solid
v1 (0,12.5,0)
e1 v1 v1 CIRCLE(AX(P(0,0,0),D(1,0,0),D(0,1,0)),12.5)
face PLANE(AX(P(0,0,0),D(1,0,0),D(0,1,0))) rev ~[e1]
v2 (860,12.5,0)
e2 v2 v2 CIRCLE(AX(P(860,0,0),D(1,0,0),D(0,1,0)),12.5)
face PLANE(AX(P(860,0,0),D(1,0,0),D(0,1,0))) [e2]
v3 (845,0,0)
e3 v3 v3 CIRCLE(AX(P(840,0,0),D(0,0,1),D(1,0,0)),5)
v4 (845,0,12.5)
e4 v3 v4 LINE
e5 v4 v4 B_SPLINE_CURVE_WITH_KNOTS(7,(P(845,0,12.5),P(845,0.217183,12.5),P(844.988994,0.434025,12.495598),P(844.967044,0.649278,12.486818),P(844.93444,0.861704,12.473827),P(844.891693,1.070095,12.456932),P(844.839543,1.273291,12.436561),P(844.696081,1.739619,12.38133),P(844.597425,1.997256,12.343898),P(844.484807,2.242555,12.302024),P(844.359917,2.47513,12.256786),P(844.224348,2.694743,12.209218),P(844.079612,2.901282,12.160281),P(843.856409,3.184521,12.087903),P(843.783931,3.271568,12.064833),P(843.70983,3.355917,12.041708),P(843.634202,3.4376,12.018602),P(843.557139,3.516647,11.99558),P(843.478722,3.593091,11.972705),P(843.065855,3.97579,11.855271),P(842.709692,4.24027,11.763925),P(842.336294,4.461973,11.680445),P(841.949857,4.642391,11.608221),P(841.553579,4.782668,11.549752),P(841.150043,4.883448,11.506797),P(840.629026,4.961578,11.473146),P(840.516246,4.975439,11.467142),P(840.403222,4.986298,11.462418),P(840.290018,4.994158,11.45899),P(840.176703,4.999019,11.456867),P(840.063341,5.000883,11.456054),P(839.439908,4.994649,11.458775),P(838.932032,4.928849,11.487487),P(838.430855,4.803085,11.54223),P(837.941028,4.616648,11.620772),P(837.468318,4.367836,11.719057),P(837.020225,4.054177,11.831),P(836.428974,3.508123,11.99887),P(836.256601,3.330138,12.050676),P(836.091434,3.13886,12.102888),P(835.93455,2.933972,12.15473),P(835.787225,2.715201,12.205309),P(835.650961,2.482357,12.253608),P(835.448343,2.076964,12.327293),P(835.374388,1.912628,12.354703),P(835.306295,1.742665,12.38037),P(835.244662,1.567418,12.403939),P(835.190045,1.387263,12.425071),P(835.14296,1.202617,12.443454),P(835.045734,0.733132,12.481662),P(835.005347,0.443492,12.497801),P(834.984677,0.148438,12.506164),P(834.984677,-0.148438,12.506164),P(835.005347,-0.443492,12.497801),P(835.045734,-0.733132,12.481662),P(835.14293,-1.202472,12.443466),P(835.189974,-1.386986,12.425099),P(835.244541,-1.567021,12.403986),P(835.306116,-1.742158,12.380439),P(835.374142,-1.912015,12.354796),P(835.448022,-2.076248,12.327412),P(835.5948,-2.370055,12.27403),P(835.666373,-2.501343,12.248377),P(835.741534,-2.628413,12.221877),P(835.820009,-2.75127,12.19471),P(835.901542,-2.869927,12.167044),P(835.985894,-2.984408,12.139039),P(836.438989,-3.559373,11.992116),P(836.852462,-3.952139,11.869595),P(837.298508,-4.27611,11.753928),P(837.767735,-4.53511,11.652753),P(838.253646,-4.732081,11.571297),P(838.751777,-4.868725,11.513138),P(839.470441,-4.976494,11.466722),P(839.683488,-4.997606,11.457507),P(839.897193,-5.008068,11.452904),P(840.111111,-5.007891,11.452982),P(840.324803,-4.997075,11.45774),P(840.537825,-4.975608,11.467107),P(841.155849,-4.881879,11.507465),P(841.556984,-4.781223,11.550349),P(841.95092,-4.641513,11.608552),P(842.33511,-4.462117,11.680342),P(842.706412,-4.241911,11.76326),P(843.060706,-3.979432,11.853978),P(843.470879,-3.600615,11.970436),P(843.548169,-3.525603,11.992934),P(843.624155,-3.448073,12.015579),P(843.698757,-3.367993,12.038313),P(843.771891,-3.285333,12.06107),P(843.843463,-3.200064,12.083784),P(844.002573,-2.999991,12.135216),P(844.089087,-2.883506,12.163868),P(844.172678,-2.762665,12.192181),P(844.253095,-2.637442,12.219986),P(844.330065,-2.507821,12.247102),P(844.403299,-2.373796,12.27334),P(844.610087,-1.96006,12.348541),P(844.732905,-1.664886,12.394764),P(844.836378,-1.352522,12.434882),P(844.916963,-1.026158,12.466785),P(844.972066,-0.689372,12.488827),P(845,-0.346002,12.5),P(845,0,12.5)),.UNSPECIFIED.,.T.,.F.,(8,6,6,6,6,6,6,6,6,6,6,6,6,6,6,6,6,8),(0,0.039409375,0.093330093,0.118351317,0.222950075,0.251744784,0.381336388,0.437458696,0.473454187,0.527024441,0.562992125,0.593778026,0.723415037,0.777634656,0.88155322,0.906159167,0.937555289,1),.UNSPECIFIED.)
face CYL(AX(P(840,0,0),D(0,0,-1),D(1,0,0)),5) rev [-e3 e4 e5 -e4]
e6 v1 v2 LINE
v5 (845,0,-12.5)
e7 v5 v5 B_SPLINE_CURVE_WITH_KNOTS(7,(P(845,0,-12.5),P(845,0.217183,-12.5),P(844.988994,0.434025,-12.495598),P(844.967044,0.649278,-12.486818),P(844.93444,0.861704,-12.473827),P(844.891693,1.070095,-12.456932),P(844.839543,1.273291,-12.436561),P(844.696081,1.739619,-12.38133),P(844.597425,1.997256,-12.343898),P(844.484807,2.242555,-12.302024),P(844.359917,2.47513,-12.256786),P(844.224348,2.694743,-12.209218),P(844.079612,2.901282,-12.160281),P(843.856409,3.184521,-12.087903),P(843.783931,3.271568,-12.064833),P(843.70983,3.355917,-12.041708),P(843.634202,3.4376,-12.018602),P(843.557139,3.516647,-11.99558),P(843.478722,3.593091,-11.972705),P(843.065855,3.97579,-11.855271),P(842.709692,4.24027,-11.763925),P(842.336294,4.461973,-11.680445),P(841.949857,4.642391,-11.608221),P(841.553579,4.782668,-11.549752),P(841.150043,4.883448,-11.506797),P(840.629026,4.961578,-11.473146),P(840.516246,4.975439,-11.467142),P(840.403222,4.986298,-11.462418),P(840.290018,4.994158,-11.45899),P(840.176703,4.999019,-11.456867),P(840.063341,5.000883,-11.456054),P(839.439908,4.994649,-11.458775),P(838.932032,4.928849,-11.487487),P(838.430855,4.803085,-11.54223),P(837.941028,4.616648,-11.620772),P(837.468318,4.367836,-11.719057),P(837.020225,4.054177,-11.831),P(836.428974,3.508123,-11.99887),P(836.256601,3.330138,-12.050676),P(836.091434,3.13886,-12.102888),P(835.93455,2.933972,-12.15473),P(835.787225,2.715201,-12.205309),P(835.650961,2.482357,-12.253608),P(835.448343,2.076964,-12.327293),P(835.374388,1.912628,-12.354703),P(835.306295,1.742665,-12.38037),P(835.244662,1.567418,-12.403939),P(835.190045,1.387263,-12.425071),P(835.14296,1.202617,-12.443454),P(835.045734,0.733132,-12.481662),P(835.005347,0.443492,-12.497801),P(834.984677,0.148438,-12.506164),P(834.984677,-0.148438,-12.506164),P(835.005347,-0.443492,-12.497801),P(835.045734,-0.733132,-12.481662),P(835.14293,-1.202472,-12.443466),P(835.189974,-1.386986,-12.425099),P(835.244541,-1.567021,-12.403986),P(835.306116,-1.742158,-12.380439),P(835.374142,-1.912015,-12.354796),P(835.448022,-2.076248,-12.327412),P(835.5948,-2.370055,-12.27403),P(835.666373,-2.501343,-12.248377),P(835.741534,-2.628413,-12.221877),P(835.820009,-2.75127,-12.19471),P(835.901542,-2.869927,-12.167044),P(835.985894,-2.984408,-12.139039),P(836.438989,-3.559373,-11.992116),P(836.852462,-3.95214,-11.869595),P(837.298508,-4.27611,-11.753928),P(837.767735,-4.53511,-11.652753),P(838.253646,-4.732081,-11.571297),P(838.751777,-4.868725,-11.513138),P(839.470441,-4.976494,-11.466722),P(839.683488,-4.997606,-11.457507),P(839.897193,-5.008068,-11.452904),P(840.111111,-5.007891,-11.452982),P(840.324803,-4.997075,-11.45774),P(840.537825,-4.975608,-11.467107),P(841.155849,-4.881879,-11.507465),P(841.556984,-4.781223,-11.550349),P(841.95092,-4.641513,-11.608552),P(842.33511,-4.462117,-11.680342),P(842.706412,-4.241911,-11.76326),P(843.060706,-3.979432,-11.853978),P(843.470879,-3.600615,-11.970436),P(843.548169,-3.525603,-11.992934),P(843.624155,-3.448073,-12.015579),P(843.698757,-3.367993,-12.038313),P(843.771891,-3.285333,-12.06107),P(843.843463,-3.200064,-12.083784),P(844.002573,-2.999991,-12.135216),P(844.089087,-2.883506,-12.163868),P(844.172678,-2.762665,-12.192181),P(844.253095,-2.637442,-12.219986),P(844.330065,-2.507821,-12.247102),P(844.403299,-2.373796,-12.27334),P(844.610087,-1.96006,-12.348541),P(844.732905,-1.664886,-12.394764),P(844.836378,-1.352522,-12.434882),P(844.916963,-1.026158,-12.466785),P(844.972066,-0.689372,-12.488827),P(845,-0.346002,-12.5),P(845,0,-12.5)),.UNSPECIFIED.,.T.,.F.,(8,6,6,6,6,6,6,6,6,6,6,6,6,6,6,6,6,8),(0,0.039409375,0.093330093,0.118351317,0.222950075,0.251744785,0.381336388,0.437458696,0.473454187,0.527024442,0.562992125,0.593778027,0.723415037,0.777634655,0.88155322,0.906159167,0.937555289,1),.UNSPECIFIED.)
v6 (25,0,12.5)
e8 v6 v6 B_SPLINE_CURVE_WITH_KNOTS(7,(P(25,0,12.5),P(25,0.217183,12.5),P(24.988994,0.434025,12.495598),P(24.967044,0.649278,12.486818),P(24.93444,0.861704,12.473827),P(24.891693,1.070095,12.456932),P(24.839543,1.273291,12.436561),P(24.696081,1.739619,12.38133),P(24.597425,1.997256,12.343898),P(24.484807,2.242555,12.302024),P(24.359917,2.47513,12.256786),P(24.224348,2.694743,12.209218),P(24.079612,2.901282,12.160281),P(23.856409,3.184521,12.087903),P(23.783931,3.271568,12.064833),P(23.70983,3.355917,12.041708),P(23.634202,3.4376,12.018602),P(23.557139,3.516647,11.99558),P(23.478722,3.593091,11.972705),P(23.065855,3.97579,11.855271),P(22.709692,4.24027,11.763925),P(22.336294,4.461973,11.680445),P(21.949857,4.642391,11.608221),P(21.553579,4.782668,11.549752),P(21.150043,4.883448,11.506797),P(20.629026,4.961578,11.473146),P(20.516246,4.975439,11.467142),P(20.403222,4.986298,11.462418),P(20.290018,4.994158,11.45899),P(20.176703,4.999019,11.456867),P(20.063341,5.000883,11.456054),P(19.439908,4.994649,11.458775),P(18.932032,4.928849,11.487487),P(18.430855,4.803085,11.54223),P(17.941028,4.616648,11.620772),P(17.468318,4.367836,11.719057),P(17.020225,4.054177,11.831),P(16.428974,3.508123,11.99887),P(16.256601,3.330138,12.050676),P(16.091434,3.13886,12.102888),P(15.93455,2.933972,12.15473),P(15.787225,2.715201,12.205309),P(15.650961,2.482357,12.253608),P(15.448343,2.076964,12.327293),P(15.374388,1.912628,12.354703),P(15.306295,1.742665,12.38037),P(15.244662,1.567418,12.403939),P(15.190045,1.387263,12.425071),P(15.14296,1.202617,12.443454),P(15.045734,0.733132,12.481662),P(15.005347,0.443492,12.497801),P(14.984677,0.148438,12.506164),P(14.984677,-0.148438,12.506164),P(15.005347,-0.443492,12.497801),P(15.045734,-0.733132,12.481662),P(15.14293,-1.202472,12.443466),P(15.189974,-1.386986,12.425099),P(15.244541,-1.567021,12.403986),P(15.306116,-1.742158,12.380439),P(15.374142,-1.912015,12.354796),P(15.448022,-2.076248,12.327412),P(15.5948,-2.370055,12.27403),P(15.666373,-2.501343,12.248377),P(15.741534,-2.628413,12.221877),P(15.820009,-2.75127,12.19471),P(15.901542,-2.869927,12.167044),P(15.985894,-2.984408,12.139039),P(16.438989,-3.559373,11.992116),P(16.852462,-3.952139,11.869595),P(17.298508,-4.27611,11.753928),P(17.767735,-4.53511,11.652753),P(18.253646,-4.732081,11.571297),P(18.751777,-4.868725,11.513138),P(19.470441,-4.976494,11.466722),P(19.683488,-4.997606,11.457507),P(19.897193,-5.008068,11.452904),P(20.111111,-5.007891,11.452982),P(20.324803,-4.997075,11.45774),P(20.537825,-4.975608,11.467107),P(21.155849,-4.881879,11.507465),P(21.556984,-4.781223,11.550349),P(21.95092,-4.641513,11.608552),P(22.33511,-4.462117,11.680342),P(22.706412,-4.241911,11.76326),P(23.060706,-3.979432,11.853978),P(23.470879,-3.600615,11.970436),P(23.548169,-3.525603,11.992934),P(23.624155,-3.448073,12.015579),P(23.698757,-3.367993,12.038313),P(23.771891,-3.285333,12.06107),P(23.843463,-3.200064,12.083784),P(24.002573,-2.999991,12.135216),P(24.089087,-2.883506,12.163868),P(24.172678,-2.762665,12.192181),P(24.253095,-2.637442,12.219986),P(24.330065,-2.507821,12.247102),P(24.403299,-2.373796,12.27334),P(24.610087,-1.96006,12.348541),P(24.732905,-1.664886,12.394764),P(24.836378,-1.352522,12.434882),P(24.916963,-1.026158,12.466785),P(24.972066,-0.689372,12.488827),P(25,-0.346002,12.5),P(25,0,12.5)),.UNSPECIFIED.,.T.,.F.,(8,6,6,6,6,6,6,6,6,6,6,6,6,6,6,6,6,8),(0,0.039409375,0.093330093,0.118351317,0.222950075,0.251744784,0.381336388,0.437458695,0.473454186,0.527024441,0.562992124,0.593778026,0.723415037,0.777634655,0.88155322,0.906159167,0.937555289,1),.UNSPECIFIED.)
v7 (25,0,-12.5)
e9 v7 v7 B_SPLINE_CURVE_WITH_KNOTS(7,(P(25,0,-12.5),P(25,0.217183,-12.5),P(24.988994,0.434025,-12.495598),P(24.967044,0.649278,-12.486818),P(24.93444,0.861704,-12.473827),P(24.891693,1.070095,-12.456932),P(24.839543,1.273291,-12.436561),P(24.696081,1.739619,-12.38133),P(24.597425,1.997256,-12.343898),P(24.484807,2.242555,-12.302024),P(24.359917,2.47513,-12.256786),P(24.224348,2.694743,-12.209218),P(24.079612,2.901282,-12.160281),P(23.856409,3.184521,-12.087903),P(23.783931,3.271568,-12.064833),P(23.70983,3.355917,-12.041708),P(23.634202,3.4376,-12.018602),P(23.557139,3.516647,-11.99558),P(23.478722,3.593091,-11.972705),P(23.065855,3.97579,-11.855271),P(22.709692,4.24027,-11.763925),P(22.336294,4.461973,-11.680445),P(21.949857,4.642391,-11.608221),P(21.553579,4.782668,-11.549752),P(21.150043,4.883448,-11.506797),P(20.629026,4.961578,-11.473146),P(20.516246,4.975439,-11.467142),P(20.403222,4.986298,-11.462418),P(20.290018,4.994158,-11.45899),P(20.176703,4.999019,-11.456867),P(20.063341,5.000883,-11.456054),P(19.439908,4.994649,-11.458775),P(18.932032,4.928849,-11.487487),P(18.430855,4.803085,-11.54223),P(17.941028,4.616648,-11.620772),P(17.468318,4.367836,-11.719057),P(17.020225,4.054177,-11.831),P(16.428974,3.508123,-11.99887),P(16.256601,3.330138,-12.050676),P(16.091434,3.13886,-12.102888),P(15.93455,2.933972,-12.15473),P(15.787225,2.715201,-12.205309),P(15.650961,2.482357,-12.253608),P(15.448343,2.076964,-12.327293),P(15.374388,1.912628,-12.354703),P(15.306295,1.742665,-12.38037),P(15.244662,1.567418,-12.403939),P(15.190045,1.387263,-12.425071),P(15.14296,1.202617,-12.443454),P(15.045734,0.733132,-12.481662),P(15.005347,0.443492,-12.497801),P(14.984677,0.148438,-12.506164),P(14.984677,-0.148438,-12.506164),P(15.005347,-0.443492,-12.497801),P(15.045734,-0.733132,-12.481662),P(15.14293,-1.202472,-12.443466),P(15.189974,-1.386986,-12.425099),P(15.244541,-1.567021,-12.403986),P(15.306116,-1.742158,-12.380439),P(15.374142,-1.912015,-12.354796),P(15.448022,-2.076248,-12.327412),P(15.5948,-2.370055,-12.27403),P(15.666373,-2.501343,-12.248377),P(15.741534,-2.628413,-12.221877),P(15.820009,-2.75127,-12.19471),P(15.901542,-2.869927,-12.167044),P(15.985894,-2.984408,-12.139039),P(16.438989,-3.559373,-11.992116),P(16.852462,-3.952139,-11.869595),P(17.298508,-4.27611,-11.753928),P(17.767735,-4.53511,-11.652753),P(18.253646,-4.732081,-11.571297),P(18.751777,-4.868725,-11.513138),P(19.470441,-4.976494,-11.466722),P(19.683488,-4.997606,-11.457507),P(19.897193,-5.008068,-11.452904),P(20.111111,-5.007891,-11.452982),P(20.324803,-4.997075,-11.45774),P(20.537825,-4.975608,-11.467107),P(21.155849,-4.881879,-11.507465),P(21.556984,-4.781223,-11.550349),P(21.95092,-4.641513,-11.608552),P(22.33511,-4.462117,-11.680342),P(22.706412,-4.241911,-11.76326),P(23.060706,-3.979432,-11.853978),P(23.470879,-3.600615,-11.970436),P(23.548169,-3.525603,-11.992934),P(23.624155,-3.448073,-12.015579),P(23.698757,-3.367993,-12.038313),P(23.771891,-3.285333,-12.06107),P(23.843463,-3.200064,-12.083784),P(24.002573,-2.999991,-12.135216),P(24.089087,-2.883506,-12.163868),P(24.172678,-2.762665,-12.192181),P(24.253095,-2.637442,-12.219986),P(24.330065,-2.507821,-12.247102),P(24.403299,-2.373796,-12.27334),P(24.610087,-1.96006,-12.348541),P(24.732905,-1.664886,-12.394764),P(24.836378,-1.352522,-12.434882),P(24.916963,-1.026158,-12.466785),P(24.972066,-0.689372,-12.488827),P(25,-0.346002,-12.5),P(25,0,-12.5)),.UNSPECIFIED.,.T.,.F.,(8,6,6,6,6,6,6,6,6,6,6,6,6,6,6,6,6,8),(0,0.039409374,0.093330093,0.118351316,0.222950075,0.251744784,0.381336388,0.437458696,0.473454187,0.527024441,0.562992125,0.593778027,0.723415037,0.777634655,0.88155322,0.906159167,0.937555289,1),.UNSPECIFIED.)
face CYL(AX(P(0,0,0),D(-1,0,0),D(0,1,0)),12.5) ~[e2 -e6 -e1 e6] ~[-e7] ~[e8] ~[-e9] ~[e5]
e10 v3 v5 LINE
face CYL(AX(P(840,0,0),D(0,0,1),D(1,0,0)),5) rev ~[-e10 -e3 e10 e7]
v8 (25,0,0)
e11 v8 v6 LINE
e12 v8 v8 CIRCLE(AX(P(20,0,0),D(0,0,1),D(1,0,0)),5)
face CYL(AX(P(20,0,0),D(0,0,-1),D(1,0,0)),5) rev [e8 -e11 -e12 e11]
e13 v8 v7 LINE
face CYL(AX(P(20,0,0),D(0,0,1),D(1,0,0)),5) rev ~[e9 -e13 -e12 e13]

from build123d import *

# Parameters (mm, degrees)
F0_R          = 12.5
F1_DEPTH      = 860
F2_R          = 5
F3_DEPTH      = 12.501
F3_DEPTH_BACK = 12.501


with BuildPart() as f1:
    # F0 (on Right) → F1 (new body)
    with BuildSketch(Plane.YZ):
        Circle(F0_R)
    extrude(amount=F1_DEPTH)

    # F2 (on Top) → F3 (cut, two sides)
    with BuildSketch(Plane.XY) as f3_sk:
        with Locations((20, 0)):
            Circle(F2_R)
        with Locations((840, 0)):
            Circle(F2_R)
    extrude(amount=F3_DEPTH, mode=Mode.SUBTRACT)
    extrude(f3_sk.sketch, amount=-F3_DEPTH_BACK, mode=Mode.SUBTRACT)


solid = f1.part
